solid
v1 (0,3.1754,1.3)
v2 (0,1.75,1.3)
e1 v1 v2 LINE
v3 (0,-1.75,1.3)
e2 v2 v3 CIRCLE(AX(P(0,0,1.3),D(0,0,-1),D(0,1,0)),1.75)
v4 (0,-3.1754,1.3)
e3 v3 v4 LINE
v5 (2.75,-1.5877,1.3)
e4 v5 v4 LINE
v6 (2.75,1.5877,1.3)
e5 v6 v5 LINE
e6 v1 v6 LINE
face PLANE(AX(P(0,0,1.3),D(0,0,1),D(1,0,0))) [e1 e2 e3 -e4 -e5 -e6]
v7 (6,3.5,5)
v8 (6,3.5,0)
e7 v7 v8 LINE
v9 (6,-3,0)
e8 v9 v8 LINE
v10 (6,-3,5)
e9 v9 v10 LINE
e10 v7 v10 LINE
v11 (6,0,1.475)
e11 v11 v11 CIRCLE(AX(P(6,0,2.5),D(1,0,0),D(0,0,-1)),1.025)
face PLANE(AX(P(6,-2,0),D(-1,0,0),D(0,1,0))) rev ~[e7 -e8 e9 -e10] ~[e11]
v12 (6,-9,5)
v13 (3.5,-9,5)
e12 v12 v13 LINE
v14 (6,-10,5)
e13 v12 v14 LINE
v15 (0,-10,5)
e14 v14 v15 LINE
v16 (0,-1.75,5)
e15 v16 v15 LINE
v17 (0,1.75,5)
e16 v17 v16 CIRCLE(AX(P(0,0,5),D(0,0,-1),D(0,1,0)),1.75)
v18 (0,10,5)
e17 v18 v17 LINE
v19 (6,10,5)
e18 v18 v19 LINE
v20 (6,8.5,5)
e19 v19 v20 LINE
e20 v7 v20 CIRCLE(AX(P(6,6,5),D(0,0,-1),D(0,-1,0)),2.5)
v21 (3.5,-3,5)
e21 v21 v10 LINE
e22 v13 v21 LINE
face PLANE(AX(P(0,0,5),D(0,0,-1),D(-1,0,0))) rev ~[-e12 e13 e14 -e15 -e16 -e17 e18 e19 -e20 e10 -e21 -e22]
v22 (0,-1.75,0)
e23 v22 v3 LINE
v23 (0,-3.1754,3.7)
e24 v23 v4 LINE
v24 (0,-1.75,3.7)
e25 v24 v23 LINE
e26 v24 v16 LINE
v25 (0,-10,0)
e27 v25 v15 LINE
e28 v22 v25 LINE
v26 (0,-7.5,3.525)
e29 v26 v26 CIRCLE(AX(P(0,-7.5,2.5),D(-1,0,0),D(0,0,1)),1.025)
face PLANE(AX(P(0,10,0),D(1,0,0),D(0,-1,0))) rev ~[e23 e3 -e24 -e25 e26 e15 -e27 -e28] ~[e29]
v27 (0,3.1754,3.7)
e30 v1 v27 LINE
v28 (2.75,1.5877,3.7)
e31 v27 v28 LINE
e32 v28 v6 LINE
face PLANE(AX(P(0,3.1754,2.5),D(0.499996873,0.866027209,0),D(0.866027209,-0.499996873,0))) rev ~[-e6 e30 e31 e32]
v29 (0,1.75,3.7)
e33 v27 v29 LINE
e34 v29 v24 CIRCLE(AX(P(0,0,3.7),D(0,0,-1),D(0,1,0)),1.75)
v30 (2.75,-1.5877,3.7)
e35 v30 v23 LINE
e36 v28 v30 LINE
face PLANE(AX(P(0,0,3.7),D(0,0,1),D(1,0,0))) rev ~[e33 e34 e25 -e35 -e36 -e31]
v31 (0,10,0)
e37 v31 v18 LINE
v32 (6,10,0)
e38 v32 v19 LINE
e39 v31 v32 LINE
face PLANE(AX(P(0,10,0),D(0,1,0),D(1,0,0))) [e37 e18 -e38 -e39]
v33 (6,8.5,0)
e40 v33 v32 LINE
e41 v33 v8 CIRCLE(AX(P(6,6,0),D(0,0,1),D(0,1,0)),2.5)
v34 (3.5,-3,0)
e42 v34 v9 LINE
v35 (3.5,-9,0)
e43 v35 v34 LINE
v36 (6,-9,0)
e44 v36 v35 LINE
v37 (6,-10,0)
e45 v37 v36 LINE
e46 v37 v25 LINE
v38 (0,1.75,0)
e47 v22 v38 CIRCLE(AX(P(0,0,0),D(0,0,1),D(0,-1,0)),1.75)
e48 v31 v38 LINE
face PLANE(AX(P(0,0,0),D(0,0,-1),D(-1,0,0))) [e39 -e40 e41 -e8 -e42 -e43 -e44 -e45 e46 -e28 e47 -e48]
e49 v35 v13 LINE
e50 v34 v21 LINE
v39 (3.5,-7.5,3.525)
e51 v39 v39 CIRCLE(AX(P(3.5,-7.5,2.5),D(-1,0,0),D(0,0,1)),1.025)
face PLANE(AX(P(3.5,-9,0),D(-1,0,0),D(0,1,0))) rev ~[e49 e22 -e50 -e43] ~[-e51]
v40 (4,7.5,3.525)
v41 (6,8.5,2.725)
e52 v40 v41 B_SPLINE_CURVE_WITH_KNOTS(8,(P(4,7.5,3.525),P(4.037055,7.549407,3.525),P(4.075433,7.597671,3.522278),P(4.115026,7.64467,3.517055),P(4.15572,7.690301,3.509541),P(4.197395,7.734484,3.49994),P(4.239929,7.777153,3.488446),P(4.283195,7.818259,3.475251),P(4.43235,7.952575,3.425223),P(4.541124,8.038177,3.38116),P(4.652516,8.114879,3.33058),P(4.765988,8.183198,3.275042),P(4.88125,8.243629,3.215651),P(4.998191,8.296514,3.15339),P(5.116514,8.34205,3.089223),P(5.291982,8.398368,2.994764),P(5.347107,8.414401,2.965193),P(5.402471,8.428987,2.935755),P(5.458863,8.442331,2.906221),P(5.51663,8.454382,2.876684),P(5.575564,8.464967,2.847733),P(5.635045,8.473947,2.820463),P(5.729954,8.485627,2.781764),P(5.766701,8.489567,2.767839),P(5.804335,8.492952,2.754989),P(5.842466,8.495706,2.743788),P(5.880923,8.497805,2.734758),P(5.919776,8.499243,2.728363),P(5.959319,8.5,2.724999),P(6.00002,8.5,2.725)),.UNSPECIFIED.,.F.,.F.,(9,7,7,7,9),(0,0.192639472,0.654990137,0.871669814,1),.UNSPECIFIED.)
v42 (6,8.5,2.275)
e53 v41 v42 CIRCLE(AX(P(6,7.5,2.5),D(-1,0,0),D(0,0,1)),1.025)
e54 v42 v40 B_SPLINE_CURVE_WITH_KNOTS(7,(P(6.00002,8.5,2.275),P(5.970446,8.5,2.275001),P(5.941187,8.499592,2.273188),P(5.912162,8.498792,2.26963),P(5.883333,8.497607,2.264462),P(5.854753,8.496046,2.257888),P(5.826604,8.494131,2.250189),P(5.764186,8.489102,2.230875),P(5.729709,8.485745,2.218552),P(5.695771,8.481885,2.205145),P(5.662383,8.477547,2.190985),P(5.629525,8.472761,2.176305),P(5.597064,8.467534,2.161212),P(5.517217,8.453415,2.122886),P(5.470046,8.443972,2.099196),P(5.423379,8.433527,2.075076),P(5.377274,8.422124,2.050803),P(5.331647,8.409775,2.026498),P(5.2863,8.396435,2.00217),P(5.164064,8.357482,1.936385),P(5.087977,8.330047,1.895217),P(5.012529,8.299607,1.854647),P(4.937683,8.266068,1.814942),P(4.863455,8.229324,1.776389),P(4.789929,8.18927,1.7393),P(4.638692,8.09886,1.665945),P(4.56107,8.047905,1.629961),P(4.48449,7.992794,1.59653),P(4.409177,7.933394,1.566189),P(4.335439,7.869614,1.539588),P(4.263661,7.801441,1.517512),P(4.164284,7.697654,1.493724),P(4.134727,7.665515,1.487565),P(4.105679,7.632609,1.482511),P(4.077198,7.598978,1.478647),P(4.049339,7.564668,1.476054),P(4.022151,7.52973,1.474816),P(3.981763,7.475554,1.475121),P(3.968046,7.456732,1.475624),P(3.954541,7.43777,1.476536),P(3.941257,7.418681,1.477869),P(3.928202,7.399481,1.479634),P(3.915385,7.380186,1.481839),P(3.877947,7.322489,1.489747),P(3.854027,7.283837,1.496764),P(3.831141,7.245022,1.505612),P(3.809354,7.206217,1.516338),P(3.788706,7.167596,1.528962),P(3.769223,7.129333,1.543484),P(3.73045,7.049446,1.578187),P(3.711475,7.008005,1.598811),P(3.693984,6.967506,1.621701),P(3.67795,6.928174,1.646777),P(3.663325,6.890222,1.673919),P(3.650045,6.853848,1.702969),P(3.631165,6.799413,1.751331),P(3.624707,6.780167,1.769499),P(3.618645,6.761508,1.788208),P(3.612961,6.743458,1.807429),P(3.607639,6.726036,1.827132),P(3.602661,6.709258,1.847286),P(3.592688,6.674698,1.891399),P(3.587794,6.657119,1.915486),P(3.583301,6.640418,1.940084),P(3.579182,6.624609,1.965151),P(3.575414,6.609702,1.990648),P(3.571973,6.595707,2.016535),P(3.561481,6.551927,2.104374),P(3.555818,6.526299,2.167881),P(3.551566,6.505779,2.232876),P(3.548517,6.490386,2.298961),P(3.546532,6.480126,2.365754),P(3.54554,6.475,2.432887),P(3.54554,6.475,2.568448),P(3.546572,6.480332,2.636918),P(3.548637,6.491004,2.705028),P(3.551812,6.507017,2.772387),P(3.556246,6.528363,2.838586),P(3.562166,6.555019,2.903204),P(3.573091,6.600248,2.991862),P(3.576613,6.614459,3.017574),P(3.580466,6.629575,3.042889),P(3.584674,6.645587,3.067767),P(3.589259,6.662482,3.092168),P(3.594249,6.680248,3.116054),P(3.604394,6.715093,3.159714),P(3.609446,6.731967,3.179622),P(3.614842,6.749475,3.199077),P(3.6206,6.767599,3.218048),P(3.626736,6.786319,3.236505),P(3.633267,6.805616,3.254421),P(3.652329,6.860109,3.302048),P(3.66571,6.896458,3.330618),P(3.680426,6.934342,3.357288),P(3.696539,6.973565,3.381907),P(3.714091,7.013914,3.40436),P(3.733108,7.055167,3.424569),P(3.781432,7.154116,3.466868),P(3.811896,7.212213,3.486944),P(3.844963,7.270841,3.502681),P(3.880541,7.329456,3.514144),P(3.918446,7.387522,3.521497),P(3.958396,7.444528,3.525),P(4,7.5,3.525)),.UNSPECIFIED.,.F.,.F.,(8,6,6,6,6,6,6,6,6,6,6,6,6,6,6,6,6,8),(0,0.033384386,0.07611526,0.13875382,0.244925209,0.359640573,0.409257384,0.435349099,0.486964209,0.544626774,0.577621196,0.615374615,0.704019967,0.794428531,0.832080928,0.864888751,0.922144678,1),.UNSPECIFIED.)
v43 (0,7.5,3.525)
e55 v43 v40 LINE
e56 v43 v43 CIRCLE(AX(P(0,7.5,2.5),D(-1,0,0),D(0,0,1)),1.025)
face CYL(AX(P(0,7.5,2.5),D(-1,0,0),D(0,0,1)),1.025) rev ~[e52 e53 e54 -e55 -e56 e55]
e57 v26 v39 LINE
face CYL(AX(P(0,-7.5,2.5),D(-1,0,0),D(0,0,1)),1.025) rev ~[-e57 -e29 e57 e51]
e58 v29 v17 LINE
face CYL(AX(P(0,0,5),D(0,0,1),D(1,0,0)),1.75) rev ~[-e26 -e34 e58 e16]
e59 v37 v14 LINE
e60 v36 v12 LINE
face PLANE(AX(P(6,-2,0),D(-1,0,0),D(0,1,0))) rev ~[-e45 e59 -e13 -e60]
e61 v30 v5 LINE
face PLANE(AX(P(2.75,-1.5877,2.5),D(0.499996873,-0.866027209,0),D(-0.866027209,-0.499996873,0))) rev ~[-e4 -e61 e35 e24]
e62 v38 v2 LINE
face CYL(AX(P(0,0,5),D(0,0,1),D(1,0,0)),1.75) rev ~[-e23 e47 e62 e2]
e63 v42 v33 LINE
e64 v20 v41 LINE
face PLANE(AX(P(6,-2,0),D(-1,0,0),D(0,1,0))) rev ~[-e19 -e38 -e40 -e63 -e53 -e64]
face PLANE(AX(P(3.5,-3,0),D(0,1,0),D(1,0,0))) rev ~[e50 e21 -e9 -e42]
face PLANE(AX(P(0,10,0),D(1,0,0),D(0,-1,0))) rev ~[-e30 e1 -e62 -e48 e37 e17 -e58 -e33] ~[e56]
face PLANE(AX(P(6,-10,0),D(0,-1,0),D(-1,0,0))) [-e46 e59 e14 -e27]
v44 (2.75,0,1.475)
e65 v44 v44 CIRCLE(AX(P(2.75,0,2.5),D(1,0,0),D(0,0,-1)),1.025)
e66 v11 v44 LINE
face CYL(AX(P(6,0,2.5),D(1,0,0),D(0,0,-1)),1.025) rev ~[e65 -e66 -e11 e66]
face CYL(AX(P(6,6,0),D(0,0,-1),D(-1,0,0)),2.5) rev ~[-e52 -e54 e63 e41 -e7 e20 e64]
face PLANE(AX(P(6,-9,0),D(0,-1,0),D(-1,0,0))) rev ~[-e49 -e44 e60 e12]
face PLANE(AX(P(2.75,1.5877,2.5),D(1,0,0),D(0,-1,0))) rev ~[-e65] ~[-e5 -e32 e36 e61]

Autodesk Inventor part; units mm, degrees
ref_plane "YZ Plane" through (0, 0, 0) normal (1, 0, 0) x (0, 1, 0)
ref_plane "XZ Plane" through (0, 0, 0) normal (0, 1, 0) x (-1, 0, 0)
sketch "Sketch1" plane through (0, 0, 0) normal (0, 0, 1) x (1, 0, 0)
  line L0 (10, -10) -> (-10, -10)
  line L1 (-10, -10) -> (-10, 10)
  line L2 (-10, 10) -> (10, 10)
  line L3 (10, 10) -> (10, -10)
  line L4 (10, -10) -> (-10, 10) construction
  line L5 (-10, -10) -> (10, 10) construction
  line L6 (10, -10) -> (6, -10)
  line L7 (6, -10) -> (6, 10)
  line L8 (6, 10) -> (10, 10)
  line L9 (10, 10) -> (10, -10)
  line L10 (6, 2) -> (4, 2)
  line L11 (4, 2) -> (4, -2)
  line L12 (4, -2) -> (6, -2)
  line L13 (6, -2) -> (6, 2)
  line L14 (0, 10) -> (0, -10)
  point P0 (0, 0)
  dimension "d0" = 20
  dimension "d1" = 20
  dimension "d2" = 4
  dimension "d6" = 2
  dimension "d7" = 2
  dimension "d8" = 4
  dimension "d9" = 2
extrude "Extrusion1" add sketch "Sketch1" along normal blind 5 contours L0 L14 L2 L7 L10 L11 L12
ref_plane "Work Plane1" through (0, 0, 2.5) normal (0, 0, 1) x (1, 0, 0)
sketch "Sketch2" plane through (0, 0, 2.5) normal (0, 0, 1) x (1, 0, 0)
  line L0 (0, 10) -> (0, -10) projected
  line L1 (0, 3.1754) -> (2.75, 1.5877)
  line L2 (2.75, 1.5877) -> (2.75, -1.5877)
  line L3 (2.75, -1.5877) -> (0, -3.1754)
  line L4 (0, -3.1754) -> (-2.75, -1.5877)
  line L5 (-2.75, -1.5877) -> (-2.75, 1.5877)
  line L6 (-2.75, 1.5877) -> (0, 3.1754)
  point P0 (0, 0)
  point P1 (0, 0)
  dimension "d12" = 5.5
extrude "Extrusion2" cut sketch "Sketch2" along normal mid plane 2.4
sketch "Sketch3" plane through (0, 0, 5) normal (0, 0, 1) x (1, 0, 0)
  circle A0 centre (0, 0) radius 1.75
  dimension "d15" = 3.5
extrude "Extrusion3" cut sketch "Sketch3" against normal blind 8
sketch "Sketch4" plane through (0, 10, 0) normal (-1, 0, 0) x (0, 0, 1)
  circle A0 centre (2.5, -2.5) radius 1.025
  circle A1 centre (2.5, -17.5) radius 1.025
  line L0 (0, 0) -> (5, 0) projected
  line L1 (0, 0) -> (0, -8.25) projected
  line L2 (0, -11.75) -> (0, -20) projected
  line L3 (0, -20) -> (5, -20) projected
  point P0 (0, -10)
  dimension "d18" = 2.05
  dimension "d19" = 2.05
  dimension "d20" = 2.5
  dimension "d21" = 2.5
  dimension "d22" = 2.5
  dimension "d23" = 2.5
extrude "Extrusion4" cut sketch "Sketch4" against normal blind 25
sketch "Sketch5" plane through (0, 0, 0) normal (0, 0, -1) x (-1, 0, 0)
  line L0 (-6, -2) -> (-4, -2) projected
  line L1 (-4, -2) -> (-6, -2)
  line L2 (-6, -2) -> (-6, 2)
  line L3 (-6, 2) -> (-4, 2)
  line L4 (-4, 2) -> (-4, -2)
  point P0 (0, 0)
extrude "Extrusion5" add sketch "Sketch5" against normal blind 5
sketch "Sketch6" plane through (0, 0, 0) normal (0, 0, -1) x (-1, 0, 0)
  line L0 (-6, -10) -> (-6, 10) projected
  circle A0 centre (-6, 6) radius 2.5
  line L1 (-6, -9) -> (-3.5, -9)
  line L2 (-3.5, -9) -> (-3.5, -3)
  line L3 (-3.5, -3) -> (-6, -3)
  line L4 (-6, -3) -> (-6, -9)
  line L5 (0, -10) -> (-6, -10) projected
  line L6 (-6, 10) -> (0, 10) projected
  point P0 (0, 0)
  dimension "d32" = 2.5
  dimension "d33" = 1
  dimension "d34" = 6
  dimension "d35" = 5
  dimension "d36" = 4
extrude "Extrusion6" cut sketch "Sketch6" against normal blind 5
sketch "Sketch7" plane through (6, -3, 0) normal (1, 0, 0) x (0, 0, -1)
  circle A0 centre (-2.5, 3) radius 1.025
  line L0 (0, 0) -> (0, 6.5) projected
  line L1 (0, -7) -> (-5, -7) projected
  point P0 (0, 3)
  dimension "d39" = 2.5
  dimension "d40" = 10
  dimension "d41" = 2.05
extrude "Extrusion7" cut sketch "Sketch7" against normal blind 20
equation "\"d19\" = d18"
properties part number "POMSliderMotor" material "Acetal Resin, White"
